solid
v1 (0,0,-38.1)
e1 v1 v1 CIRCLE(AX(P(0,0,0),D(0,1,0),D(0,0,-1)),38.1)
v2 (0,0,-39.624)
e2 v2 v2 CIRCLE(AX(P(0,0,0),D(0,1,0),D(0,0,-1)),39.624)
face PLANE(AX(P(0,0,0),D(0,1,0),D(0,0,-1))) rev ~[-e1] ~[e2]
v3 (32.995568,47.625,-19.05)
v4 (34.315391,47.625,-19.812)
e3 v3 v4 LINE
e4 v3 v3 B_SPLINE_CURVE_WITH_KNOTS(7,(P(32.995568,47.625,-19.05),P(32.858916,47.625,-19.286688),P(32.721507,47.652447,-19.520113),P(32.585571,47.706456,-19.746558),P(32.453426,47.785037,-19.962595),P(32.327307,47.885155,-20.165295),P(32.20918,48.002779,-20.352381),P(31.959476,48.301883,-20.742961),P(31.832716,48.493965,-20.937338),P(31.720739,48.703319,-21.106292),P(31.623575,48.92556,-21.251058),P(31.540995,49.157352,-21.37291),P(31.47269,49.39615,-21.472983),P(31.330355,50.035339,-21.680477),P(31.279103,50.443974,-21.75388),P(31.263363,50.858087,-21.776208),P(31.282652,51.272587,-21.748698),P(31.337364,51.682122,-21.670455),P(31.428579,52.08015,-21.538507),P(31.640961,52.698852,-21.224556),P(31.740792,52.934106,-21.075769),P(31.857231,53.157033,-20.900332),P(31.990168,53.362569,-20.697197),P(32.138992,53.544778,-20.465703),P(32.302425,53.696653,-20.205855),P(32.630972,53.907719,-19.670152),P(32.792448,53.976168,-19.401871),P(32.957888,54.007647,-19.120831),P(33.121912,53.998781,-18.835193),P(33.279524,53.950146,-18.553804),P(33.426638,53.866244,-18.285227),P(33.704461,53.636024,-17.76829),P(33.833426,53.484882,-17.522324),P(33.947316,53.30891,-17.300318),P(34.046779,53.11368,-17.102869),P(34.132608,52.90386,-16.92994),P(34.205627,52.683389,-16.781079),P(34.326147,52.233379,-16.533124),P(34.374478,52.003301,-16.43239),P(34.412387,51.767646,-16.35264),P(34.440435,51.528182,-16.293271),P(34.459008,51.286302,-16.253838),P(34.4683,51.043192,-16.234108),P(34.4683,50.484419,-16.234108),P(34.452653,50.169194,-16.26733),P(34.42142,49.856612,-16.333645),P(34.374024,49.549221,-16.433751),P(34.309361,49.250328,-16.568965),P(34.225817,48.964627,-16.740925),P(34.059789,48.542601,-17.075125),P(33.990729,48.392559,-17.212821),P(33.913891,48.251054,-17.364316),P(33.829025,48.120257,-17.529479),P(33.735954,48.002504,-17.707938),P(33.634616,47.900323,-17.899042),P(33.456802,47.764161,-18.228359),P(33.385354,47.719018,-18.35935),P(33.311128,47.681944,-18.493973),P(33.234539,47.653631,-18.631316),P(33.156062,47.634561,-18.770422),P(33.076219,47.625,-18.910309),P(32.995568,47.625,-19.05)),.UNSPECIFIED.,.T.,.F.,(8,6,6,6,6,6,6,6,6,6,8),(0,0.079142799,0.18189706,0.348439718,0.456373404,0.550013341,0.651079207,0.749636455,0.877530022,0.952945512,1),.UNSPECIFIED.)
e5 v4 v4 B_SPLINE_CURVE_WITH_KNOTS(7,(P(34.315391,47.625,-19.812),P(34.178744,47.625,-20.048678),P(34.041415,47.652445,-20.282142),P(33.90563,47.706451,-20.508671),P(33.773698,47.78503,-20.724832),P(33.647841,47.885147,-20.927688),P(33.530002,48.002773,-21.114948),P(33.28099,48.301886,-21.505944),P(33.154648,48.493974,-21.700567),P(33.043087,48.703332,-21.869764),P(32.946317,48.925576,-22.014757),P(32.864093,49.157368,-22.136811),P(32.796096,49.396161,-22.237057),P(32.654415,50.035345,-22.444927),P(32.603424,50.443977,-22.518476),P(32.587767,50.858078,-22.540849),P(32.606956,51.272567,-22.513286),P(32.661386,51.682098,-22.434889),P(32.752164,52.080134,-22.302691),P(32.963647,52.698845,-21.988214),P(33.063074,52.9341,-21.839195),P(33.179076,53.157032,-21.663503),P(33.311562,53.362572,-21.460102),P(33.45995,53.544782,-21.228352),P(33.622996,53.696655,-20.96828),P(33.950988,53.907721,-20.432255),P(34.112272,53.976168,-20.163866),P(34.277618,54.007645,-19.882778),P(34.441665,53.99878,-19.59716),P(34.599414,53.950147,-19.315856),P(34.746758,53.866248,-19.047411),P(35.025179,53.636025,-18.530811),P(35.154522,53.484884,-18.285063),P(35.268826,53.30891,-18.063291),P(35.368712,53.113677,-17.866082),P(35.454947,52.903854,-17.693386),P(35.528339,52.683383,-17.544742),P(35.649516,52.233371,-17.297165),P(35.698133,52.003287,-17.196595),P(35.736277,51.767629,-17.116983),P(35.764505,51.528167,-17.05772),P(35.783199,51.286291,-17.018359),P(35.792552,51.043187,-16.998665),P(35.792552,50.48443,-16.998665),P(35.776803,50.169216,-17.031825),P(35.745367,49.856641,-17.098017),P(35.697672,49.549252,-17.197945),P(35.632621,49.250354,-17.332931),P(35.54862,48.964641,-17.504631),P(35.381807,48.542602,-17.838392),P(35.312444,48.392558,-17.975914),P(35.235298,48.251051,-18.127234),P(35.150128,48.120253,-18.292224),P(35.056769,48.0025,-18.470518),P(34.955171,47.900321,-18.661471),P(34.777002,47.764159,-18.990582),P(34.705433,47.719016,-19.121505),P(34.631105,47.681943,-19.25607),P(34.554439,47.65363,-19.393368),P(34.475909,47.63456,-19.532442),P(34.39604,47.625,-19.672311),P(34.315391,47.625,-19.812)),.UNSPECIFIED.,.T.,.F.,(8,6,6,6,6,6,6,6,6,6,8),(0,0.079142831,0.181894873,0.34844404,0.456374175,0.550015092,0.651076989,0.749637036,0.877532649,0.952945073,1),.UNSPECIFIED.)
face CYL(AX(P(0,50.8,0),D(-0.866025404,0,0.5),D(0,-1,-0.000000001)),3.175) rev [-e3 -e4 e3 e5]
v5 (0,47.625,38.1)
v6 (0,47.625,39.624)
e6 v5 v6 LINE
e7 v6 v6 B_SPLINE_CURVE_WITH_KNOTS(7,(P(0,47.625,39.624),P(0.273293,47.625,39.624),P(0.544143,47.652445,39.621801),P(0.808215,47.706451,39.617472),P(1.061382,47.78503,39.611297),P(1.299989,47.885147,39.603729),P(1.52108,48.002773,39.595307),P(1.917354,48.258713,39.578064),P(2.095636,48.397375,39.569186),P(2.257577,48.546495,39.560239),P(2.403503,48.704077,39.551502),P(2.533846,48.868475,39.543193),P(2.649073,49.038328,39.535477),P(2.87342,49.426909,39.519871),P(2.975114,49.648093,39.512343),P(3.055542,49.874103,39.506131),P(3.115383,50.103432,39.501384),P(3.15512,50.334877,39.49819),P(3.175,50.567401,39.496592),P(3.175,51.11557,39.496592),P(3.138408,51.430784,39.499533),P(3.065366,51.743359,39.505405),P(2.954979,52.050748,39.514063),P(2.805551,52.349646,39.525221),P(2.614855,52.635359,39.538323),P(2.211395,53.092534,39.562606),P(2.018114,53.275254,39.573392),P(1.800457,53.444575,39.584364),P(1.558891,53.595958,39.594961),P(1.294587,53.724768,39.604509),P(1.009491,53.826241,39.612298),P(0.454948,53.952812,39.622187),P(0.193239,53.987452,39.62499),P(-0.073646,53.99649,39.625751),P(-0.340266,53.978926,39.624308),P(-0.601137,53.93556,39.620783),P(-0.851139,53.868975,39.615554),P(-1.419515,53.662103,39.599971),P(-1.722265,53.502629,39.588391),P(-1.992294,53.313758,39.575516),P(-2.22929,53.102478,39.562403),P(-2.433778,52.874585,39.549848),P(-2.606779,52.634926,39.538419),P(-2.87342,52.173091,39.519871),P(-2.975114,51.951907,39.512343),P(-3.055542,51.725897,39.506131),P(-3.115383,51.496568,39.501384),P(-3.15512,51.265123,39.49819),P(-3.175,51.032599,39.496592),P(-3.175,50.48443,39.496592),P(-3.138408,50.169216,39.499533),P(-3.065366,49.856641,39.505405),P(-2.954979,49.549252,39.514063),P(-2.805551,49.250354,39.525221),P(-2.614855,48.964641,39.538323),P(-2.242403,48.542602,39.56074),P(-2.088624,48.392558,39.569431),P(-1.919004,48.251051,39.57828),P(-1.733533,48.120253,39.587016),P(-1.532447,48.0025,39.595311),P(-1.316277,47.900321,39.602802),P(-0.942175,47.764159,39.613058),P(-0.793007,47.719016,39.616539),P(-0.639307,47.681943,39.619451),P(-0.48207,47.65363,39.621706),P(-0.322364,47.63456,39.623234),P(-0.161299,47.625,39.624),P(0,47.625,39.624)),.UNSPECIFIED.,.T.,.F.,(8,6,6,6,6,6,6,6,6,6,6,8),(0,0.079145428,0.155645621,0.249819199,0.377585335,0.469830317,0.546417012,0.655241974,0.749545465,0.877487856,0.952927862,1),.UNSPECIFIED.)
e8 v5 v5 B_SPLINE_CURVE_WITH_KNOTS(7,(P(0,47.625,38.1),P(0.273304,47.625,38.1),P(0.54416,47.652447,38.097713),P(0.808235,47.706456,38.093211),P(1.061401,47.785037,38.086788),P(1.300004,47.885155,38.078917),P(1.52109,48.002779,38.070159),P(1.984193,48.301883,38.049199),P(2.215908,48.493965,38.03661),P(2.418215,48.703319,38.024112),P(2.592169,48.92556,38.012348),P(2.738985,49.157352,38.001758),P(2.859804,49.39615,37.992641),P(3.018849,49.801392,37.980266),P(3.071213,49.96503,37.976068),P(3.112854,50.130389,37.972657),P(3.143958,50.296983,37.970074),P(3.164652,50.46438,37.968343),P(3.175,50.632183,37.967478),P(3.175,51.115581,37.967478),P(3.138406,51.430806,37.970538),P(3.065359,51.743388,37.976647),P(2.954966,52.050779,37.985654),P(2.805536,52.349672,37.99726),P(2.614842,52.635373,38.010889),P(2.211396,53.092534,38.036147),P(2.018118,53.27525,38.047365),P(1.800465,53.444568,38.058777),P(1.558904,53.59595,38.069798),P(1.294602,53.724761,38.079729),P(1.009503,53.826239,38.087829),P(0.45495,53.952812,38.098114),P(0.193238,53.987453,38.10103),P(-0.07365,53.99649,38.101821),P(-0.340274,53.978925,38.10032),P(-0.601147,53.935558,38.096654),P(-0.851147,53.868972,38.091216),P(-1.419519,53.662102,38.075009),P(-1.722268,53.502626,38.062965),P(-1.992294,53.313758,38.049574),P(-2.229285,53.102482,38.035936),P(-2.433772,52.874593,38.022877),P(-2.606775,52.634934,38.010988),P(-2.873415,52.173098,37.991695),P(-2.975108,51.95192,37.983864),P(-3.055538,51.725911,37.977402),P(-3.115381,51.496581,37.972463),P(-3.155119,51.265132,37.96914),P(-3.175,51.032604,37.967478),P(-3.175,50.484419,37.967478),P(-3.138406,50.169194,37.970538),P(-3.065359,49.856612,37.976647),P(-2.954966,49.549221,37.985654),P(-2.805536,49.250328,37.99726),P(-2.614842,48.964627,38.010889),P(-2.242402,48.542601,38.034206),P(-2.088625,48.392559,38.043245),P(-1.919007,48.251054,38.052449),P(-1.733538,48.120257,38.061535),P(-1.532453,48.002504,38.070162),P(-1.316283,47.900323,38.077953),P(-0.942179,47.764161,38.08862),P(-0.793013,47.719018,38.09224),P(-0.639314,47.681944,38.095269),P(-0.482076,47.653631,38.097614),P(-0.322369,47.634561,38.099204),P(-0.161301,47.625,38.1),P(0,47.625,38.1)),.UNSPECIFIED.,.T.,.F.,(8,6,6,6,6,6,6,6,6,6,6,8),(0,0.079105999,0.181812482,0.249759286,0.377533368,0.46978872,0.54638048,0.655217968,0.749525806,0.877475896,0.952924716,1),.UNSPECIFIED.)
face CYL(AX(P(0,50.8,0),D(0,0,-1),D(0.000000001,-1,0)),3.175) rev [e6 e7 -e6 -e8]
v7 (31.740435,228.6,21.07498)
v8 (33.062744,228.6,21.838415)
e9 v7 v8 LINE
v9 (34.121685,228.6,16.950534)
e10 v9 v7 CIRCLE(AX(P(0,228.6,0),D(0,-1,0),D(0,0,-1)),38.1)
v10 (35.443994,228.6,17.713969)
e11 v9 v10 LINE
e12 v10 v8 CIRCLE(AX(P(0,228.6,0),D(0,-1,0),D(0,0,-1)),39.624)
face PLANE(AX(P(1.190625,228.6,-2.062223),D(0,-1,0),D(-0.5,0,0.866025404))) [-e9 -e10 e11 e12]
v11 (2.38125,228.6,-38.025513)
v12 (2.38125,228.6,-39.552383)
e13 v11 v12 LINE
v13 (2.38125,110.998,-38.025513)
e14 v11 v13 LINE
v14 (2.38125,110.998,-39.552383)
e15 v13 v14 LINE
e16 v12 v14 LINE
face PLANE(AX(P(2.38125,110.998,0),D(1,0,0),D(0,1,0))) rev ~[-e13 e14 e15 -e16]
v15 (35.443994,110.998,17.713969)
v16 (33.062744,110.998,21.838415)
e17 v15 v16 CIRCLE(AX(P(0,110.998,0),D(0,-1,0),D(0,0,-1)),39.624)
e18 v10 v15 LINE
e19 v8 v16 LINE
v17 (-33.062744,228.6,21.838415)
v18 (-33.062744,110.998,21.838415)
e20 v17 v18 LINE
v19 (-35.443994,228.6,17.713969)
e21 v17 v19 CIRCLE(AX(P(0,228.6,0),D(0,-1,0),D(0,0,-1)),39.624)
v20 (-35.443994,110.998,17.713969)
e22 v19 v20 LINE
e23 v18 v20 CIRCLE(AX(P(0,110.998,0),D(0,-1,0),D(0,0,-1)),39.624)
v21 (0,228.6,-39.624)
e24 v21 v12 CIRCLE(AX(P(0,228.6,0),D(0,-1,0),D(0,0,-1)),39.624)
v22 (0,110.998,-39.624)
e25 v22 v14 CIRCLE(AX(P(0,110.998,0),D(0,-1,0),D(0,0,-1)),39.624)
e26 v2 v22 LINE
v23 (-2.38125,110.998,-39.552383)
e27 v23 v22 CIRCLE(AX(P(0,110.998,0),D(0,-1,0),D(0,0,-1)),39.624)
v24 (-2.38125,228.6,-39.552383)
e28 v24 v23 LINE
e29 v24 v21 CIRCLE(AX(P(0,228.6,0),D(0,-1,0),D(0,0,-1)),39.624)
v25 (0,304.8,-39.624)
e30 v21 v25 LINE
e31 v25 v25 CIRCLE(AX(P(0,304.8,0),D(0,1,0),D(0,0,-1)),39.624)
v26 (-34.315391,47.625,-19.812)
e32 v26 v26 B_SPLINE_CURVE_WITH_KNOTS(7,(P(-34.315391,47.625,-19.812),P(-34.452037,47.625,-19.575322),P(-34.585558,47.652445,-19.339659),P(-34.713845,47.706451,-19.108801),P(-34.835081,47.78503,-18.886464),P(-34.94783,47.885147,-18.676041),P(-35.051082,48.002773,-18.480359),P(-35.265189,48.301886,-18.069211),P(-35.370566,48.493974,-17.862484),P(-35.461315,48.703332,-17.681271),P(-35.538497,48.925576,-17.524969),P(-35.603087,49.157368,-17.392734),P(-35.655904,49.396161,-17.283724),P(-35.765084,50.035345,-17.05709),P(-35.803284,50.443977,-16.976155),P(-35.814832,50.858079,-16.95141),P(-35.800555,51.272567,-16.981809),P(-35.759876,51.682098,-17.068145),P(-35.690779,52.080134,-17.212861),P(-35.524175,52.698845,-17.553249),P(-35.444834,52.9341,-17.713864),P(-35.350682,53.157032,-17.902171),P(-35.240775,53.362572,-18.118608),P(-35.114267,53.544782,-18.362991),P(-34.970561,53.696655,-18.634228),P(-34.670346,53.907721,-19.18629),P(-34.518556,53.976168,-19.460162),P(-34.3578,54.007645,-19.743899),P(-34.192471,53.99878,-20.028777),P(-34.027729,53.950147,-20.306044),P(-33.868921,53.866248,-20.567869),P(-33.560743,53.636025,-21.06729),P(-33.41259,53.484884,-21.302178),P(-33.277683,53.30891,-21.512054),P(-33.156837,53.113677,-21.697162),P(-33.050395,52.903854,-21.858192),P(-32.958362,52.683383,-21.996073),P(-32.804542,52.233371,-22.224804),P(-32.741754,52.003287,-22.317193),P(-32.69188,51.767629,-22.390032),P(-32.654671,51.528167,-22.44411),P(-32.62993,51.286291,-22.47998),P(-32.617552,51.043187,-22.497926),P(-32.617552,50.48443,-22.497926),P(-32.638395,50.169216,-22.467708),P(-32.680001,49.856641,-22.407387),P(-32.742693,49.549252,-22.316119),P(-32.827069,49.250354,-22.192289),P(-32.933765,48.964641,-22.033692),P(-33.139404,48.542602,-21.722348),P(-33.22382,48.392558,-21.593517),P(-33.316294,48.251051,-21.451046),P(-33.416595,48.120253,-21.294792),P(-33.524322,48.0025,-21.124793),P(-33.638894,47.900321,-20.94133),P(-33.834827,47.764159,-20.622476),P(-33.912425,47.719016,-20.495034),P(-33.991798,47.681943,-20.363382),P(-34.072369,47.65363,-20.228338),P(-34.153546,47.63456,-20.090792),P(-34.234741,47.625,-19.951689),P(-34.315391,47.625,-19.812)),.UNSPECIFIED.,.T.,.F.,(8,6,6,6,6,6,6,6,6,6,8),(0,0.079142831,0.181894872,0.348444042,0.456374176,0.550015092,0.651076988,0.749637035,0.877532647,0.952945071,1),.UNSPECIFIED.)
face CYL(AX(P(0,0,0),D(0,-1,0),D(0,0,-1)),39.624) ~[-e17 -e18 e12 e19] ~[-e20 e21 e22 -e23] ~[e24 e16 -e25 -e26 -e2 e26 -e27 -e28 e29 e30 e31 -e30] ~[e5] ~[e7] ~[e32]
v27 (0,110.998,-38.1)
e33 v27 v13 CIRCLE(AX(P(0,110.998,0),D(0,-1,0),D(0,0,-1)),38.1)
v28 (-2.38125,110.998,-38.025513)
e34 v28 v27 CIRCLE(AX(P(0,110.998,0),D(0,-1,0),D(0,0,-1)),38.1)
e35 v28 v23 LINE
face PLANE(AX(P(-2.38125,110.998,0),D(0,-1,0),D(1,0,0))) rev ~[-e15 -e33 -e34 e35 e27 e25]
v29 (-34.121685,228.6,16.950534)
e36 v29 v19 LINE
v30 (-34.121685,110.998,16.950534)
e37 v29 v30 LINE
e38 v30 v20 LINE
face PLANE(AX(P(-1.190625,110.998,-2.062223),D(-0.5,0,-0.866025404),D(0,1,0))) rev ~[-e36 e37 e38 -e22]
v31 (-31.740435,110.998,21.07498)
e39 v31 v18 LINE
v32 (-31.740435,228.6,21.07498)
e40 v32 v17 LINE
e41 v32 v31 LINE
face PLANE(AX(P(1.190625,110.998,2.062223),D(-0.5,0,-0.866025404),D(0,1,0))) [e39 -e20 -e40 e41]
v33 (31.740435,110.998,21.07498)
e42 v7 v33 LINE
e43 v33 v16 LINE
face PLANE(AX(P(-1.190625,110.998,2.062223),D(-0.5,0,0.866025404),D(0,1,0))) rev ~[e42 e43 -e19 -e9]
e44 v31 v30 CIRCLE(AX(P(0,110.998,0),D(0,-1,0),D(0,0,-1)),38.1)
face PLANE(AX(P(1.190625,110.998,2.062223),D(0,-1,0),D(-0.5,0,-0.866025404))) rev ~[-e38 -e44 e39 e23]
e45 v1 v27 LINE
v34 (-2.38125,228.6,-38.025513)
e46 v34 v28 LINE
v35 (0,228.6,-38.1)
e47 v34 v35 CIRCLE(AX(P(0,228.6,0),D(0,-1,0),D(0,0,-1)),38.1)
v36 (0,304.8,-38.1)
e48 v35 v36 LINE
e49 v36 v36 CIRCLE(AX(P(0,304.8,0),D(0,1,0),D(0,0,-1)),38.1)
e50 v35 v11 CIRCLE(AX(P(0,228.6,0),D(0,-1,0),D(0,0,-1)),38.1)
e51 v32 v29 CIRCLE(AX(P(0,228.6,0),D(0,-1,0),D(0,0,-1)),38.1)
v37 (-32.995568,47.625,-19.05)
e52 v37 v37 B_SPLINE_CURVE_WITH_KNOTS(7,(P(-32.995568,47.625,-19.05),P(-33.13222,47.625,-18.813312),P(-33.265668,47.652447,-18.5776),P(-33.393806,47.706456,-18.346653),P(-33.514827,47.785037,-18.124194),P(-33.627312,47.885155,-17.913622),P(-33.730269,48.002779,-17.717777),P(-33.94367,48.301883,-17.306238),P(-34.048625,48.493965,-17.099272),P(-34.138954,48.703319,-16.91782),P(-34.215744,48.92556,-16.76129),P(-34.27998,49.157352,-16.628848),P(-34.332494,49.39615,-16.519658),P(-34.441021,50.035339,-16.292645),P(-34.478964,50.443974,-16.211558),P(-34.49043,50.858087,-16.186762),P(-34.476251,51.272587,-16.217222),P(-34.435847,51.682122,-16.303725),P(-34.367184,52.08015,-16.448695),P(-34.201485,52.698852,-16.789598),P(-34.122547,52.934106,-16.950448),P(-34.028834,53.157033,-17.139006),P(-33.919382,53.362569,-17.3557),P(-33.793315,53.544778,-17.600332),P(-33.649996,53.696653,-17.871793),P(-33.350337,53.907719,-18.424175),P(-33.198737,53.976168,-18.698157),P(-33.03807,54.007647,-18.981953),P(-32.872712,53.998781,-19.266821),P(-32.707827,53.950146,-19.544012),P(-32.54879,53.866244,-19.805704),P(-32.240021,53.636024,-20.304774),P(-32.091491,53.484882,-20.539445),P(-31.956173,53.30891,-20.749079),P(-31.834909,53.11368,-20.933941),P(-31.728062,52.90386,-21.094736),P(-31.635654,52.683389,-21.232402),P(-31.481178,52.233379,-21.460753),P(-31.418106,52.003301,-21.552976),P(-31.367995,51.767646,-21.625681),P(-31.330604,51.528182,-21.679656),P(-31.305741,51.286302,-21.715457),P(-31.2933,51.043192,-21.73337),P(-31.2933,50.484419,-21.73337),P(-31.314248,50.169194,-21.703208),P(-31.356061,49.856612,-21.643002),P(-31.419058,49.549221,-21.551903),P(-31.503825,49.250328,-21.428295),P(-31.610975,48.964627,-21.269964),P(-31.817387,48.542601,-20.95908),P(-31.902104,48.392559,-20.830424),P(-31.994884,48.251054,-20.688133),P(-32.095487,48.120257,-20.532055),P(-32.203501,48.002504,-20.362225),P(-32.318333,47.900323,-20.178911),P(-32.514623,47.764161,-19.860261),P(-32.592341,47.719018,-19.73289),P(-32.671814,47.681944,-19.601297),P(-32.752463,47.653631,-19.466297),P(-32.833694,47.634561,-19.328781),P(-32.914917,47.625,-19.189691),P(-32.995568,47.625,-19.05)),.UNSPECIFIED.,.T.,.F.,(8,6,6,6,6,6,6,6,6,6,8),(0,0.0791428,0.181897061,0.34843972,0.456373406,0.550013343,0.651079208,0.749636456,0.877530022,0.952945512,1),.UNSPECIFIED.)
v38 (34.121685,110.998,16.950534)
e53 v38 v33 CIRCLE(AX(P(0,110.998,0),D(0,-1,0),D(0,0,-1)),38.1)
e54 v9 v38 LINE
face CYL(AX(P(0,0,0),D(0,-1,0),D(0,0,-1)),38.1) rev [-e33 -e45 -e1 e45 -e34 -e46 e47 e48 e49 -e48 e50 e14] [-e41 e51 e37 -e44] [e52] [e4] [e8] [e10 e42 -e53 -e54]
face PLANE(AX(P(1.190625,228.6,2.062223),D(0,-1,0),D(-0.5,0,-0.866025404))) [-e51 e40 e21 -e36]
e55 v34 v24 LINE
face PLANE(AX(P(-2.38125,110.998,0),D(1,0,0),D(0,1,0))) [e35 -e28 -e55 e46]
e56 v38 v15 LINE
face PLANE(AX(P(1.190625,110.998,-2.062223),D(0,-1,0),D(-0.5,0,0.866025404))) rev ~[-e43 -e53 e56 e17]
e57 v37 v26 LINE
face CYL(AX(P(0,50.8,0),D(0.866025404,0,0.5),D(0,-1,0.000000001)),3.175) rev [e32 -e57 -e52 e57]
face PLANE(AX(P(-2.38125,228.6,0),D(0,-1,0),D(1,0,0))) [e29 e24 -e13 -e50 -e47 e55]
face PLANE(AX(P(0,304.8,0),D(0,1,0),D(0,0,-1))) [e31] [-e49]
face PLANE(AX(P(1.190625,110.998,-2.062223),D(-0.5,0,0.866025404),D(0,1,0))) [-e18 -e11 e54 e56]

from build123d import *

# Parameters (mm, degrees)
SKETCH2_R           = 39.624
SKETCH2_R_2         = 38.1
BOSS_EXTRUDE1_DEPTH = 304.8
SKETCH3_W           = 4.7625
SKETCH3_H           = 117.602
CUT_EXTRUDE1_DEPTH  = 310.908313461
CIRPATTERN1_COUNT   = 3
SKETCH4_R           = 3.175
CUT_EXTRUDE3_DEPTH  = 310.908313461
CIRPATTERN2_COUNT   = 3


with BuildPart() as part:
    # Sketch2 → Boss-Extrude1 (new body)
    with BuildSketch(Plane(origin=(0, 0, 0), x_dir=(1, 0, 0), z_dir=(0, 1, 0))):
        with Locations(Location((0, 0, 0), (0, 0, 90))):
            Circle(SKETCH2_R)
        with Locations(Location((0, 0, 0), (0, 0, 90))):
            Circle(SKETCH2_R_2, mode=Mode.SUBTRACT)
    extrude(amount=BOSS_EXTRUDE1_DEPTH)

    # Sketch3 → Cut-Extrude1 (cut, through all)
    with BuildSketch(Plane.XY):
        with Locations((0, 169.799)):
            Rectangle(SKETCH3_W, SKETCH3_H)
    cut_extrude1 = extrude(amount=-CUT_EXTRUDE1_DEPTH, mode=Mode.SUBTRACT)

    # CirPattern1: Cut-Extrude1 ×3 about axis
    cirpattern1_axis = Axis((0, 0, 0), (0, 1, 0))
    for i in range(1, CIRPATTERN1_COUNT):
        add(cut_extrude1.rotate(cirpattern1_axis, i * 360 / CIRPATTERN1_COUNT), mode=Mode.SUBTRACT)

    # Sketch4 → Cut-Extrude3 (cut, through all)
    with BuildSketch(Plane.XY):
        with Locations(Location((0, 50.8, 0), (0, 0, 270.000000034))):
            Circle(SKETCH4_R)
    cut_extrude3 = extrude(amount=CUT_EXTRUDE3_DEPTH, mode=Mode.SUBTRACT)

    # CirPattern2: Cut-Extrude3 ×3 about axis
    cirpattern2_axis = Axis((0, 304.8, 0), (0, -1, 0))
    for i in range(1, CIRPATTERN2_COUNT):
        add(cut_extrude3.rotate(cirpattern2_axis, i * 360 / CIRPATTERN2_COUNT), mode=Mode.SUBTRACT)


solid = part.part
